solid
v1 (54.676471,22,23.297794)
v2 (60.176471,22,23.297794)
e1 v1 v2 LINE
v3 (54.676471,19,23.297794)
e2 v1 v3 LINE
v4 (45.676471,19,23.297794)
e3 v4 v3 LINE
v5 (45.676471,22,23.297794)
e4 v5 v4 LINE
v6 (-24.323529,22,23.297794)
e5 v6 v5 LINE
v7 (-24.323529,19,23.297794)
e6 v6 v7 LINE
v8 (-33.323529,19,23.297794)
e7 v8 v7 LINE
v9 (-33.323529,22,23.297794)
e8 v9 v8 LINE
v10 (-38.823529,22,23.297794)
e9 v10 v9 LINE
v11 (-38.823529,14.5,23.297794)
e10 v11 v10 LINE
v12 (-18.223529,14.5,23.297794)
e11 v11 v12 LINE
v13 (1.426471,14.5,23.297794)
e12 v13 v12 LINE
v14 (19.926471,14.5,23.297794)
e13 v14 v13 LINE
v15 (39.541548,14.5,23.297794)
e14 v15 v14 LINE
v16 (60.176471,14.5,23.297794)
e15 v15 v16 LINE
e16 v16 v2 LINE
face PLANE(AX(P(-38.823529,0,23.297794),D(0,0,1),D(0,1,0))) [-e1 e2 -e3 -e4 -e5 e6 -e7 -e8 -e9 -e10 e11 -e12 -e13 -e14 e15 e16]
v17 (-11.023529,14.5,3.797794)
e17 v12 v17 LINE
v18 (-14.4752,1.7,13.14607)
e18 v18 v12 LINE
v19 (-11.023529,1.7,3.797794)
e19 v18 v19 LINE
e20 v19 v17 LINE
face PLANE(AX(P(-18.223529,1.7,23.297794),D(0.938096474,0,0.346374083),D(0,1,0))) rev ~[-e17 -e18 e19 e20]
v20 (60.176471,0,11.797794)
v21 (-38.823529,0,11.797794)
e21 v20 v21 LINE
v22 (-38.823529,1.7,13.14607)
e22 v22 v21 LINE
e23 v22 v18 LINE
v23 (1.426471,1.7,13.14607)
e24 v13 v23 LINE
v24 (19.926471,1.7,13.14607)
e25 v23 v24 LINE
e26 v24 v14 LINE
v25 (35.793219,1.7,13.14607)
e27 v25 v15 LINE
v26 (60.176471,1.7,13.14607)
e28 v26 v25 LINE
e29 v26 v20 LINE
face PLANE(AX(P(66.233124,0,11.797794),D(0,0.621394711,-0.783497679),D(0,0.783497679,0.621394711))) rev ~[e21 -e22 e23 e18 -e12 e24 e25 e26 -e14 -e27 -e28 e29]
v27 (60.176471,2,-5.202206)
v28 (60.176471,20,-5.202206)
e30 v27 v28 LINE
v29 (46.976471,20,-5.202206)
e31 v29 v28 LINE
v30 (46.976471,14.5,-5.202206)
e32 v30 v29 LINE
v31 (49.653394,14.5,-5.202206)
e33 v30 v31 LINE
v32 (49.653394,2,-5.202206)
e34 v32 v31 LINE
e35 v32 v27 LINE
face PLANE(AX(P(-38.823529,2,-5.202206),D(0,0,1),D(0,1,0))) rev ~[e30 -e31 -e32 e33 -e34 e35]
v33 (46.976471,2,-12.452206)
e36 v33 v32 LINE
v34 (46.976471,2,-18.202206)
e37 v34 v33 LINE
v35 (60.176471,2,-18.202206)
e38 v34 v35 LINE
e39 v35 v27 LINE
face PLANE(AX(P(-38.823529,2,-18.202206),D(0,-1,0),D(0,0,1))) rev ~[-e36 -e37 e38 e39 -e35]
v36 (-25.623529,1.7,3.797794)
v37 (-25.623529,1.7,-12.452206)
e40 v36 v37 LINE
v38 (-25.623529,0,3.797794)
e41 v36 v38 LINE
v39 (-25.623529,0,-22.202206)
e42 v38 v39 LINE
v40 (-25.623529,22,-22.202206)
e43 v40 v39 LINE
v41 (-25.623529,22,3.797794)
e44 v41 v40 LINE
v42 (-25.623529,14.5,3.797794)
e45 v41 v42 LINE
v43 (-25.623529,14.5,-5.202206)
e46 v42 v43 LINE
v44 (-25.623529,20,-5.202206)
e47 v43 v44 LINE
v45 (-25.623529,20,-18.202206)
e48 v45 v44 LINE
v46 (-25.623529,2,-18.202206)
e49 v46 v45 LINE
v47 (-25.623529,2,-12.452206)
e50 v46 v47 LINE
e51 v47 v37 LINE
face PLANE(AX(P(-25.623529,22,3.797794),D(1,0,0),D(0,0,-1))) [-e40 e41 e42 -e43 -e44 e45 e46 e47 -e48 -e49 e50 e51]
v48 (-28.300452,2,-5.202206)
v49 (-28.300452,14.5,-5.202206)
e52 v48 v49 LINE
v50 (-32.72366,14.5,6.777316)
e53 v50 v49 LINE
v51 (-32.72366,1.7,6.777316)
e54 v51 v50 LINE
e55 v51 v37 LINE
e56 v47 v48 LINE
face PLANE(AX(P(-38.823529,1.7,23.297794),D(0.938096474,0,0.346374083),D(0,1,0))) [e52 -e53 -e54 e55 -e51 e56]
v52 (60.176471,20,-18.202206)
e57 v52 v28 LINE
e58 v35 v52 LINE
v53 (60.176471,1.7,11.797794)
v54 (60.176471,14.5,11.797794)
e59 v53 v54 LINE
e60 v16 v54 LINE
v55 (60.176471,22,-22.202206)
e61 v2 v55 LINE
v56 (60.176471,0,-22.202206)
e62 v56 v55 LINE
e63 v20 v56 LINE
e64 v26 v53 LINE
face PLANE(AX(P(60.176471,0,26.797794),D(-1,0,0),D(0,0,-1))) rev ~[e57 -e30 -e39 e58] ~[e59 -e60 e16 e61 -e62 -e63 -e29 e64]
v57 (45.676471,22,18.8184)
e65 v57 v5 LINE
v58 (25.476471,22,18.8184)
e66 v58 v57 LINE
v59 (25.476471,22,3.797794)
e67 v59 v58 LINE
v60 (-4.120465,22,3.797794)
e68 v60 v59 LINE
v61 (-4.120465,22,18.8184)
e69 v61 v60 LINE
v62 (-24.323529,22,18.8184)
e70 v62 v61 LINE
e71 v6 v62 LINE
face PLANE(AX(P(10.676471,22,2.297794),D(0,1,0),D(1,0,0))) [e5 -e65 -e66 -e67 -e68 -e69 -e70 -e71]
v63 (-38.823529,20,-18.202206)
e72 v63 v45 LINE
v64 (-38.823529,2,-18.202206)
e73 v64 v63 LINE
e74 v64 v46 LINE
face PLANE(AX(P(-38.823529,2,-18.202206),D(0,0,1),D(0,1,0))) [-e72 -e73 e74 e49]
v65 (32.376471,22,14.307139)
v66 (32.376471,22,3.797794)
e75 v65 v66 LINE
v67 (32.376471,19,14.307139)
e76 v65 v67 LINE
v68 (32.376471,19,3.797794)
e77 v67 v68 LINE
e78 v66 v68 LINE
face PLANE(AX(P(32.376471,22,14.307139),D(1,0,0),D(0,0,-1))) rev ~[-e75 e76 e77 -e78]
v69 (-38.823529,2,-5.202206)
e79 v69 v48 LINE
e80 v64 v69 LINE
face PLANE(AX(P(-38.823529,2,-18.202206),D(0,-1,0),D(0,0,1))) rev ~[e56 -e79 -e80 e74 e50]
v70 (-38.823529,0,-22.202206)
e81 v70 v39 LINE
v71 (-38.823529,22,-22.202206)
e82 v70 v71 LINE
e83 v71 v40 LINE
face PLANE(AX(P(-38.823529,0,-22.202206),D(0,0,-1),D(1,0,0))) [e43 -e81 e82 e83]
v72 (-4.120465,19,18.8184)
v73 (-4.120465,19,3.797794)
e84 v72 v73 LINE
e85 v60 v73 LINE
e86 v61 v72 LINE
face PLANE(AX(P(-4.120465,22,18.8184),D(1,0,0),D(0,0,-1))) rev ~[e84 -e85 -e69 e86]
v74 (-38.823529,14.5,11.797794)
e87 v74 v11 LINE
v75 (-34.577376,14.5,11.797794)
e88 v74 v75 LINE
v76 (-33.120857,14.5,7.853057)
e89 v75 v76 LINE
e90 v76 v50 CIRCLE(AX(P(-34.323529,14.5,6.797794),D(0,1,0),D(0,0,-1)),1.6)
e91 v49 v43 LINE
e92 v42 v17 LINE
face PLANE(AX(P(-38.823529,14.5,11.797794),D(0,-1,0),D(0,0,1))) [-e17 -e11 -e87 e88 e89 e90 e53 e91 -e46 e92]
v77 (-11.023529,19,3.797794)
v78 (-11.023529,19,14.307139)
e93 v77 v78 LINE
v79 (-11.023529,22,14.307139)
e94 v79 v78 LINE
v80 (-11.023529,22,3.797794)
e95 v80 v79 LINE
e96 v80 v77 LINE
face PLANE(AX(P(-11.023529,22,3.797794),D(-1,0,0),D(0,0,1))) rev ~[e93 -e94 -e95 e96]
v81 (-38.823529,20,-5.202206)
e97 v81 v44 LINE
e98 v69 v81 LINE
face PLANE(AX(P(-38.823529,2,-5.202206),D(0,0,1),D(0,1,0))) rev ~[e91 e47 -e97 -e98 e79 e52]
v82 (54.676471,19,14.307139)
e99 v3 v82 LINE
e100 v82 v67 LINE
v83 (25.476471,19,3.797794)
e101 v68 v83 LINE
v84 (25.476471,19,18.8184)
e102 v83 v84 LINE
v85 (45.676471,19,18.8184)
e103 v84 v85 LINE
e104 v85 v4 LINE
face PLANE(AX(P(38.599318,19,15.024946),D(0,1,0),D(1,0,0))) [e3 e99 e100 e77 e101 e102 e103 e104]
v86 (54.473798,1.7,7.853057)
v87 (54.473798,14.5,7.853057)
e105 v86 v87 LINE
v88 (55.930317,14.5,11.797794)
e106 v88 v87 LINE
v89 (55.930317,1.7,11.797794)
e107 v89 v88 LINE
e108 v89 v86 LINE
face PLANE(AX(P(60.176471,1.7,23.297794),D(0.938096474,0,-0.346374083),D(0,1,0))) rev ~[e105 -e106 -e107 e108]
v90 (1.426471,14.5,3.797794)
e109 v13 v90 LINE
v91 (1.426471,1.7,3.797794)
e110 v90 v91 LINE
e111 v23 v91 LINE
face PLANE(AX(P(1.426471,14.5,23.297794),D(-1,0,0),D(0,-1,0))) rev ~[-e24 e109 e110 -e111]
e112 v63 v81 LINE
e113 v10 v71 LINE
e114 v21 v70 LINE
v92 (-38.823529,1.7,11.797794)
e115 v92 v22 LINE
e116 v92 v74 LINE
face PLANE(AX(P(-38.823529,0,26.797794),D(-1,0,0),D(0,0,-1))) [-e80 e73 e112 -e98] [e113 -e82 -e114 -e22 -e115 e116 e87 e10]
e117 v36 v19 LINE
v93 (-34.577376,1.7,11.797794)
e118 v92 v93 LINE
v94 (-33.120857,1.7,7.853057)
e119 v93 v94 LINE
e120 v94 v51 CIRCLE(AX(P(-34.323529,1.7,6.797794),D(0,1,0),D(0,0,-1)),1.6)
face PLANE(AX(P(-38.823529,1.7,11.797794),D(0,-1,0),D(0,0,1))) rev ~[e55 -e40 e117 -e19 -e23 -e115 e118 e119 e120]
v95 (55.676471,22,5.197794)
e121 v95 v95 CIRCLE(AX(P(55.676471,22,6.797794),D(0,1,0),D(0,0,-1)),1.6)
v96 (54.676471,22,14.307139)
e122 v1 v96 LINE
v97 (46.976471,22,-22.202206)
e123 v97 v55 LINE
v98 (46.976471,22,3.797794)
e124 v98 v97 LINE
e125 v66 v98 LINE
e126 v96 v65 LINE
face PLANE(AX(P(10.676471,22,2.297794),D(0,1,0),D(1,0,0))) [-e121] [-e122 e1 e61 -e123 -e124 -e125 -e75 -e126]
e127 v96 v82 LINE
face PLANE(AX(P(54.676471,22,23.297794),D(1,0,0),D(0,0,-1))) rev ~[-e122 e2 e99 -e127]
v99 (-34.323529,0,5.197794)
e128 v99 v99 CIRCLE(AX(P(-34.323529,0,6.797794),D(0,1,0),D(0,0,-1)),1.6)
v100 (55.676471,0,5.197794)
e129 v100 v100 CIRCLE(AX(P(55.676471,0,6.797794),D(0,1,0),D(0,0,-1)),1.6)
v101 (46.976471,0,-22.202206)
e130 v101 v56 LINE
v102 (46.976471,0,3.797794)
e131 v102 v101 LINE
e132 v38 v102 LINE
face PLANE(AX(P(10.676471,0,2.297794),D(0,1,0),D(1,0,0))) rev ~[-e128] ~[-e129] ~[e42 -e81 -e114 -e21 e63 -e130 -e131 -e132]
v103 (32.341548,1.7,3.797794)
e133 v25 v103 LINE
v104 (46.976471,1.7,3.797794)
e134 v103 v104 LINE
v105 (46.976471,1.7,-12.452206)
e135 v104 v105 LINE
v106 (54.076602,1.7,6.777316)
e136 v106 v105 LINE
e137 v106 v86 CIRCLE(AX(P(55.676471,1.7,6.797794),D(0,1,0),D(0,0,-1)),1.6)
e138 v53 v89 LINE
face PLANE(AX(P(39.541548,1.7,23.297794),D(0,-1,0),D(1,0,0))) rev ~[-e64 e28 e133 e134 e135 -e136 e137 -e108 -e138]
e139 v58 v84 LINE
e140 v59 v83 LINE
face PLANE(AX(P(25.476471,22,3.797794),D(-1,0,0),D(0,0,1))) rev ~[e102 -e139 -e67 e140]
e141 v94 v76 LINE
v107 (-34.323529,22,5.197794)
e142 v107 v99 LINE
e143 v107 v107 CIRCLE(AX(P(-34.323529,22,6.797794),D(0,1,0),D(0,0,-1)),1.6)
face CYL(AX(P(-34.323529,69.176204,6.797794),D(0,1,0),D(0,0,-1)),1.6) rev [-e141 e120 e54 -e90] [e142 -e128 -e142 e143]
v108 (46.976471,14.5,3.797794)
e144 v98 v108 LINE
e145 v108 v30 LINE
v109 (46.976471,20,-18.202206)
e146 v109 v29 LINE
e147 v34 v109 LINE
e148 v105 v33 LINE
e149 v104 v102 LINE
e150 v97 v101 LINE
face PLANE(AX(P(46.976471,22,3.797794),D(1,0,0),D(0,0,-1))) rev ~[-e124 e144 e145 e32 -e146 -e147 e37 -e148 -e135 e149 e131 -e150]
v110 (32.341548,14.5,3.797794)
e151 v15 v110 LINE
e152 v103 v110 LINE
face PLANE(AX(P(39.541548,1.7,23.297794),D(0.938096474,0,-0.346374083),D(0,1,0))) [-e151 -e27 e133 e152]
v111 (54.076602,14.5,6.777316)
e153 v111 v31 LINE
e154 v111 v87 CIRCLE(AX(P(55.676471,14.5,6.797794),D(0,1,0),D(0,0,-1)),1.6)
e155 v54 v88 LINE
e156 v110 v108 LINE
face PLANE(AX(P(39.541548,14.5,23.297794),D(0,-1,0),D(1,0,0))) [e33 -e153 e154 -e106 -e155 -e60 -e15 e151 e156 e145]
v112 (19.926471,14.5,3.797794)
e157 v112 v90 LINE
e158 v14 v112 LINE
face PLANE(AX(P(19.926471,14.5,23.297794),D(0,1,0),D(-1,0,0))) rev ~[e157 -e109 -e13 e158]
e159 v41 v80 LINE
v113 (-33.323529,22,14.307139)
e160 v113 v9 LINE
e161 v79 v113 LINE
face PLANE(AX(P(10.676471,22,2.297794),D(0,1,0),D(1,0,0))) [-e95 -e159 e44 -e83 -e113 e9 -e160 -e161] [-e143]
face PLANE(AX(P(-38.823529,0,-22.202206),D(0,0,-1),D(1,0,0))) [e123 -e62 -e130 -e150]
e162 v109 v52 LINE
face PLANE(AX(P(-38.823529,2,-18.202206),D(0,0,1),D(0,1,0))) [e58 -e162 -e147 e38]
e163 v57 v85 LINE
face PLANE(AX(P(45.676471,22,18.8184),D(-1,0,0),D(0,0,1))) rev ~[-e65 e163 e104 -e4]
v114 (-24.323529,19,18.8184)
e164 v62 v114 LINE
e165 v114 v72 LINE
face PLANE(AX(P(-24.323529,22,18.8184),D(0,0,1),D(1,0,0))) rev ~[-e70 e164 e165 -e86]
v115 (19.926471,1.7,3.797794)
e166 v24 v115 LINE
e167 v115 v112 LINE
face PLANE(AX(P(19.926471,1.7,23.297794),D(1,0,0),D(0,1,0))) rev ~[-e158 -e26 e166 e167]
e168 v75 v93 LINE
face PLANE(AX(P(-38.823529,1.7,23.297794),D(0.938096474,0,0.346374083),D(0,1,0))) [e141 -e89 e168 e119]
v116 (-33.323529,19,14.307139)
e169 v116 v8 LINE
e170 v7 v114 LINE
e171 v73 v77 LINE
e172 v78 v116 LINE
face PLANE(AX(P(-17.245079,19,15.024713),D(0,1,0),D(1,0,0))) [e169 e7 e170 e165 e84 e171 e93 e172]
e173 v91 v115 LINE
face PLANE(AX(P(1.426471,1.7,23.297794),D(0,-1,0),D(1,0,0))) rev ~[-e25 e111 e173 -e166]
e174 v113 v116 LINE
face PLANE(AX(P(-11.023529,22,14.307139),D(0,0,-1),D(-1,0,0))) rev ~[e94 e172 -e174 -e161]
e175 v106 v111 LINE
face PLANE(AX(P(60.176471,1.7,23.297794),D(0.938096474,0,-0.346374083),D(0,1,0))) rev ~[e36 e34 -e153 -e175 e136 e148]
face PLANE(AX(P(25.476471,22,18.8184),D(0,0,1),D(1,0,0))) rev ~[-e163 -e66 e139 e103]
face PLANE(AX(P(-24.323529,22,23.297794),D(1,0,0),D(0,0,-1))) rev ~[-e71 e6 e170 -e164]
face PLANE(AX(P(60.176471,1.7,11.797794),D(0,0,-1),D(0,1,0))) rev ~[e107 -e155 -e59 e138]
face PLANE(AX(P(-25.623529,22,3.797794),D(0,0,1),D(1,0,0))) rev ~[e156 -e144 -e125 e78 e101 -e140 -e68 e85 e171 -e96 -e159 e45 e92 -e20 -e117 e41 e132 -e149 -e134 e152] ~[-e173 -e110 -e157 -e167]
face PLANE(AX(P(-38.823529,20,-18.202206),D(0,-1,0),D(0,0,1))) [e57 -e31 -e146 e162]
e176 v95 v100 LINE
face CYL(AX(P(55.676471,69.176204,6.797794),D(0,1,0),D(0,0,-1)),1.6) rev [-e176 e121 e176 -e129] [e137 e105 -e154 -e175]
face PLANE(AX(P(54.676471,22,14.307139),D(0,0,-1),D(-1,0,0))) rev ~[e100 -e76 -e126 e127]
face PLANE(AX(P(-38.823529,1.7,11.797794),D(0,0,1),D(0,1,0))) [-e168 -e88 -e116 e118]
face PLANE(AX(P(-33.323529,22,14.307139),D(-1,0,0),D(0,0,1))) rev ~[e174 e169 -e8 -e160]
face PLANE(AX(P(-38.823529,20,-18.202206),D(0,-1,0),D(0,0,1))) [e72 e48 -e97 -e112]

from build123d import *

# Parameters (mm, degrees)
CROQUIS1_W                  = 99
CROQUIS1_H                  = 49
SALIENTE_EXTRUIR1_DEPTH     = 22
CROQUIS2_W                  = 13
CROQUIS2_H                  = 18
CORTAR_EXTRUIR1_DEPTH       = 105.895766214
CROQUIS3_W                  = 3.5
CROQUIS3_H                  = 22
CORTAR_EXTRUIR2_DEPTH       = 105.895766214
CROQUIS4_W                  = 72.6
CROQUIS4_H                  = 26
CORTAR_EXTRUIR3_DEPTH       = 69.17620423
CORTAR_EXTRUIR4_DEPTH       = 79.584079892
CROQUIS7_W                  = 20.634922244
CROQUIS7_H                  = 12.8
CORTAR_EXTRUIR7_DEPTH       = 60
CROQUIS12_W                 = 20.6
CROQUIS12_H                 = 12.8
CORTAR_EXTRUIR8_DEPTH       = 60
CORTAR_EXTRUIR9_DEPTH       = 105.056653851
CORTAR_EXTRUIR9_DEPTH_BACK  = 105.056653851
CROQUIS16_W                 = 11.5
CROQUIS16_H                 = 12.8
CORTAR_EXTRUIR11_DEPTH      = 10
CROQUIS17_W                 = 11.5
CROQUIS17_H                 = 12.8
CORTAR_EXTRUIR12_DEPTH      = 10
CORTAR_EXTRUIR13_DEPTH      = 3
CORTAR_EXTRUIR14_DEPTH      = 69.17620423
CORTAR_EXTRUIR14_DEPTH_BACK = 69.17620423
CROQUIS20_R                 = 1.6


with BuildPart() as part:
    # Croquis1 → Saliente-Extruir1 (new body)
    with BuildSketch(Plane(origin=(0, 0, 0), x_dir=(1, 0, 0), z_dir=(0, 1, 0))):
        with Locations((10.676470588, -2.297794118)):
            Rectangle(CROQUIS1_W, CROQUIS1_H)
    extrude(amount=SALIENTE_EXTRUIR1_DEPTH)

    # Croquis2 → Cortar-Extruir1 (cut, through all)
    with BuildSketch(Plane.ZY.offset(38.823529412)):
        with Locations((-11.702205882, 11)):
            Rectangle(CROQUIS2_W, CROQUIS2_H)
    extrude(amount=-CORTAR_EXTRUIR1_DEPTH, mode=Mode.SUBTRACT)

    # Croquis3 → Cortar-Extruir2 (cut, through all)
    with BuildSketch(Plane.ZY.offset(38.823529412)):
        with Locations((25.047794118, 11)):
            Rectangle(CROQUIS3_W, CROQUIS3_H)
    extrude(amount=-CORTAR_EXTRUIR2_DEPTH, mode=Mode.SUBTRACT)

    # Croquis4 → Cortar-Extruir3 (cut, through all)
    with BuildSketch(Plane(origin=(0, 22, 0), x_dir=(1, 0, 0), z_dir=(0, 1, 0))):
        with Locations((10.676470588, 9.202205882)):
            Rectangle(CROQUIS4_W, CROQUIS4_H)
    extrude(amount=-CORTAR_EXTRUIR3_DEPTH, mode=Mode.SUBTRACT)

    # Croquis6 → Cortar-Extruir4 (cut, through all)
    with BuildSketch(Plane.XY.offset(23.297794118)):
        Polygon((19.926470588, 1.7), (19.926470588, 14.5), (1.426470588, 14.5), (1.426470588, 1.7), (10.676470588, 1.7), align=None)
    extrude(amount=-CORTAR_EXTRUIR4_DEPTH, mode=Mode.SUBTRACT)

    # Croquis7 → Cortar-Extruir7 (cut, along a direction that is not the sketch's normal)
    with BuildSketch(Plane.XY.offset(23.297794118)):
        with Locations((49.859009466, 8.1)):
            Rectangle(CROQUIS7_W, CROQUIS7_H)
    extrude(amount=-CORTAR_EXTRUIR7_DEPTH, dir=(0.346374082759158, 0, 0.9380964741393883), mode=Mode.SUBTRACT)

    # Croquis12 → Cortar-Extruir8 (cut, along a direction that is not the sketch's normal)
    with BuildSketch(Plane.XY.offset(23.297794118)):
        with Locations((-28.523529412, 8.1)):
            Rectangle(CROQUIS12_W, CROQUIS12_H)
    extrude(amount=-CORTAR_EXTRUIR8_DEPTH, dir=(-0.3463740827591596, 0, 0.9380964741393877), mode=Mode.SUBTRACT)

    # Croquis15 → Cortar-Extruir9 (cut, two sides: drawn at the far end of the back side and taken through both)
    with BuildSketch(Plane.ZY.offset(38.823529412).offset(-CORTAR_EXTRUIR9_DEPTH_BACK)):
        Polygon((23.297794118, 0), (11.797794118, 0), (23.297794118, 14.5), align=None)
    extrude(amount=CORTAR_EXTRUIR9_DEPTH + CORTAR_EXTRUIR9_DEPTH_BACK, mode=Mode.SUBTRACT)

    # Croquis16 → Cortar-Extruir11 (cut)
    with BuildSketch(Plane.ZY.offset(38.823529412)):
        with Locations((17.547794118, 8.1)):
            Rectangle(CROQUIS16_W, CROQUIS16_H)
    extrude(amount=-CORTAR_EXTRUIR11_DEPTH, mode=Mode.SUBTRACT)

    # Croquis17 → Cortar-Extruir12 (cut)
    with BuildSketch(Plane(origin=(60.176470588, 0, 0), x_dir=(0, 0, -1), z_dir=(1, 0, 0))):
        with Locations((-17.547794118, 8.1)):
            Rectangle(CROQUIS17_W, CROQUIS17_H)
    extrude(amount=-CORTAR_EXTRUIR12_DEPTH, mode=Mode.SUBTRACT)

    # Croquis18 → Cortar-Extruir13 (cut)
    with BuildSketch(Plane(origin=(0, 22, 0), x_dir=(1, 0, 0), z_dir=(0, 1, 0))):
        Polygon((-33.323529412, -23.297794118), (-24.323529412, -23.297794118), (-24.323529412, -18.818400103), (-4.120464629, -18.818400103), (-4.120464629, -3.797794118), (-11.023529412, -3.797794118), (-11.023529412, -14.307139366), (-33.323529412, -14.307139366), (-33.323529412, -18.818400103), align=None)
        Polygon((45.676470588, -18.818400103), (45.676470588, -23.297794118), (54.676470588, -23.297794118), (54.676470588, -18.818400103), (54.676470588, -14.307139366), (32.376470588, -14.307139366), (32.376470588, -3.797794118), (25.476470588, -3.797794118), (25.476470588, -18.818400103), align=None)
    extrude(amount=-CORTAR_EXTRUIR13_DEPTH, mode=Mode.SUBTRACT)

    # Croquis20 → Cortar-Extruir14 (cut, two sides: drawn at the far end of the back side and taken through both)
    with BuildSketch(Plane.XZ.offset(-CORTAR_EXTRUIR14_DEPTH_BACK)):
        with Locations(Location((-34.323529412, 6.797794118, 0), (0, 0, 270))):
            Circle(CROQUIS20_R)
        with Locations(Location((55.676470588, 6.797794118, 0), (0, 0, 270))):
            Circle(CROQUIS20_R)
    extrude(amount=CORTAR_EXTRUIR14_DEPTH + CORTAR_EXTRUIR14_DEPTH_BACK, mode=Mode.SUBTRACT)


solid = part.part
